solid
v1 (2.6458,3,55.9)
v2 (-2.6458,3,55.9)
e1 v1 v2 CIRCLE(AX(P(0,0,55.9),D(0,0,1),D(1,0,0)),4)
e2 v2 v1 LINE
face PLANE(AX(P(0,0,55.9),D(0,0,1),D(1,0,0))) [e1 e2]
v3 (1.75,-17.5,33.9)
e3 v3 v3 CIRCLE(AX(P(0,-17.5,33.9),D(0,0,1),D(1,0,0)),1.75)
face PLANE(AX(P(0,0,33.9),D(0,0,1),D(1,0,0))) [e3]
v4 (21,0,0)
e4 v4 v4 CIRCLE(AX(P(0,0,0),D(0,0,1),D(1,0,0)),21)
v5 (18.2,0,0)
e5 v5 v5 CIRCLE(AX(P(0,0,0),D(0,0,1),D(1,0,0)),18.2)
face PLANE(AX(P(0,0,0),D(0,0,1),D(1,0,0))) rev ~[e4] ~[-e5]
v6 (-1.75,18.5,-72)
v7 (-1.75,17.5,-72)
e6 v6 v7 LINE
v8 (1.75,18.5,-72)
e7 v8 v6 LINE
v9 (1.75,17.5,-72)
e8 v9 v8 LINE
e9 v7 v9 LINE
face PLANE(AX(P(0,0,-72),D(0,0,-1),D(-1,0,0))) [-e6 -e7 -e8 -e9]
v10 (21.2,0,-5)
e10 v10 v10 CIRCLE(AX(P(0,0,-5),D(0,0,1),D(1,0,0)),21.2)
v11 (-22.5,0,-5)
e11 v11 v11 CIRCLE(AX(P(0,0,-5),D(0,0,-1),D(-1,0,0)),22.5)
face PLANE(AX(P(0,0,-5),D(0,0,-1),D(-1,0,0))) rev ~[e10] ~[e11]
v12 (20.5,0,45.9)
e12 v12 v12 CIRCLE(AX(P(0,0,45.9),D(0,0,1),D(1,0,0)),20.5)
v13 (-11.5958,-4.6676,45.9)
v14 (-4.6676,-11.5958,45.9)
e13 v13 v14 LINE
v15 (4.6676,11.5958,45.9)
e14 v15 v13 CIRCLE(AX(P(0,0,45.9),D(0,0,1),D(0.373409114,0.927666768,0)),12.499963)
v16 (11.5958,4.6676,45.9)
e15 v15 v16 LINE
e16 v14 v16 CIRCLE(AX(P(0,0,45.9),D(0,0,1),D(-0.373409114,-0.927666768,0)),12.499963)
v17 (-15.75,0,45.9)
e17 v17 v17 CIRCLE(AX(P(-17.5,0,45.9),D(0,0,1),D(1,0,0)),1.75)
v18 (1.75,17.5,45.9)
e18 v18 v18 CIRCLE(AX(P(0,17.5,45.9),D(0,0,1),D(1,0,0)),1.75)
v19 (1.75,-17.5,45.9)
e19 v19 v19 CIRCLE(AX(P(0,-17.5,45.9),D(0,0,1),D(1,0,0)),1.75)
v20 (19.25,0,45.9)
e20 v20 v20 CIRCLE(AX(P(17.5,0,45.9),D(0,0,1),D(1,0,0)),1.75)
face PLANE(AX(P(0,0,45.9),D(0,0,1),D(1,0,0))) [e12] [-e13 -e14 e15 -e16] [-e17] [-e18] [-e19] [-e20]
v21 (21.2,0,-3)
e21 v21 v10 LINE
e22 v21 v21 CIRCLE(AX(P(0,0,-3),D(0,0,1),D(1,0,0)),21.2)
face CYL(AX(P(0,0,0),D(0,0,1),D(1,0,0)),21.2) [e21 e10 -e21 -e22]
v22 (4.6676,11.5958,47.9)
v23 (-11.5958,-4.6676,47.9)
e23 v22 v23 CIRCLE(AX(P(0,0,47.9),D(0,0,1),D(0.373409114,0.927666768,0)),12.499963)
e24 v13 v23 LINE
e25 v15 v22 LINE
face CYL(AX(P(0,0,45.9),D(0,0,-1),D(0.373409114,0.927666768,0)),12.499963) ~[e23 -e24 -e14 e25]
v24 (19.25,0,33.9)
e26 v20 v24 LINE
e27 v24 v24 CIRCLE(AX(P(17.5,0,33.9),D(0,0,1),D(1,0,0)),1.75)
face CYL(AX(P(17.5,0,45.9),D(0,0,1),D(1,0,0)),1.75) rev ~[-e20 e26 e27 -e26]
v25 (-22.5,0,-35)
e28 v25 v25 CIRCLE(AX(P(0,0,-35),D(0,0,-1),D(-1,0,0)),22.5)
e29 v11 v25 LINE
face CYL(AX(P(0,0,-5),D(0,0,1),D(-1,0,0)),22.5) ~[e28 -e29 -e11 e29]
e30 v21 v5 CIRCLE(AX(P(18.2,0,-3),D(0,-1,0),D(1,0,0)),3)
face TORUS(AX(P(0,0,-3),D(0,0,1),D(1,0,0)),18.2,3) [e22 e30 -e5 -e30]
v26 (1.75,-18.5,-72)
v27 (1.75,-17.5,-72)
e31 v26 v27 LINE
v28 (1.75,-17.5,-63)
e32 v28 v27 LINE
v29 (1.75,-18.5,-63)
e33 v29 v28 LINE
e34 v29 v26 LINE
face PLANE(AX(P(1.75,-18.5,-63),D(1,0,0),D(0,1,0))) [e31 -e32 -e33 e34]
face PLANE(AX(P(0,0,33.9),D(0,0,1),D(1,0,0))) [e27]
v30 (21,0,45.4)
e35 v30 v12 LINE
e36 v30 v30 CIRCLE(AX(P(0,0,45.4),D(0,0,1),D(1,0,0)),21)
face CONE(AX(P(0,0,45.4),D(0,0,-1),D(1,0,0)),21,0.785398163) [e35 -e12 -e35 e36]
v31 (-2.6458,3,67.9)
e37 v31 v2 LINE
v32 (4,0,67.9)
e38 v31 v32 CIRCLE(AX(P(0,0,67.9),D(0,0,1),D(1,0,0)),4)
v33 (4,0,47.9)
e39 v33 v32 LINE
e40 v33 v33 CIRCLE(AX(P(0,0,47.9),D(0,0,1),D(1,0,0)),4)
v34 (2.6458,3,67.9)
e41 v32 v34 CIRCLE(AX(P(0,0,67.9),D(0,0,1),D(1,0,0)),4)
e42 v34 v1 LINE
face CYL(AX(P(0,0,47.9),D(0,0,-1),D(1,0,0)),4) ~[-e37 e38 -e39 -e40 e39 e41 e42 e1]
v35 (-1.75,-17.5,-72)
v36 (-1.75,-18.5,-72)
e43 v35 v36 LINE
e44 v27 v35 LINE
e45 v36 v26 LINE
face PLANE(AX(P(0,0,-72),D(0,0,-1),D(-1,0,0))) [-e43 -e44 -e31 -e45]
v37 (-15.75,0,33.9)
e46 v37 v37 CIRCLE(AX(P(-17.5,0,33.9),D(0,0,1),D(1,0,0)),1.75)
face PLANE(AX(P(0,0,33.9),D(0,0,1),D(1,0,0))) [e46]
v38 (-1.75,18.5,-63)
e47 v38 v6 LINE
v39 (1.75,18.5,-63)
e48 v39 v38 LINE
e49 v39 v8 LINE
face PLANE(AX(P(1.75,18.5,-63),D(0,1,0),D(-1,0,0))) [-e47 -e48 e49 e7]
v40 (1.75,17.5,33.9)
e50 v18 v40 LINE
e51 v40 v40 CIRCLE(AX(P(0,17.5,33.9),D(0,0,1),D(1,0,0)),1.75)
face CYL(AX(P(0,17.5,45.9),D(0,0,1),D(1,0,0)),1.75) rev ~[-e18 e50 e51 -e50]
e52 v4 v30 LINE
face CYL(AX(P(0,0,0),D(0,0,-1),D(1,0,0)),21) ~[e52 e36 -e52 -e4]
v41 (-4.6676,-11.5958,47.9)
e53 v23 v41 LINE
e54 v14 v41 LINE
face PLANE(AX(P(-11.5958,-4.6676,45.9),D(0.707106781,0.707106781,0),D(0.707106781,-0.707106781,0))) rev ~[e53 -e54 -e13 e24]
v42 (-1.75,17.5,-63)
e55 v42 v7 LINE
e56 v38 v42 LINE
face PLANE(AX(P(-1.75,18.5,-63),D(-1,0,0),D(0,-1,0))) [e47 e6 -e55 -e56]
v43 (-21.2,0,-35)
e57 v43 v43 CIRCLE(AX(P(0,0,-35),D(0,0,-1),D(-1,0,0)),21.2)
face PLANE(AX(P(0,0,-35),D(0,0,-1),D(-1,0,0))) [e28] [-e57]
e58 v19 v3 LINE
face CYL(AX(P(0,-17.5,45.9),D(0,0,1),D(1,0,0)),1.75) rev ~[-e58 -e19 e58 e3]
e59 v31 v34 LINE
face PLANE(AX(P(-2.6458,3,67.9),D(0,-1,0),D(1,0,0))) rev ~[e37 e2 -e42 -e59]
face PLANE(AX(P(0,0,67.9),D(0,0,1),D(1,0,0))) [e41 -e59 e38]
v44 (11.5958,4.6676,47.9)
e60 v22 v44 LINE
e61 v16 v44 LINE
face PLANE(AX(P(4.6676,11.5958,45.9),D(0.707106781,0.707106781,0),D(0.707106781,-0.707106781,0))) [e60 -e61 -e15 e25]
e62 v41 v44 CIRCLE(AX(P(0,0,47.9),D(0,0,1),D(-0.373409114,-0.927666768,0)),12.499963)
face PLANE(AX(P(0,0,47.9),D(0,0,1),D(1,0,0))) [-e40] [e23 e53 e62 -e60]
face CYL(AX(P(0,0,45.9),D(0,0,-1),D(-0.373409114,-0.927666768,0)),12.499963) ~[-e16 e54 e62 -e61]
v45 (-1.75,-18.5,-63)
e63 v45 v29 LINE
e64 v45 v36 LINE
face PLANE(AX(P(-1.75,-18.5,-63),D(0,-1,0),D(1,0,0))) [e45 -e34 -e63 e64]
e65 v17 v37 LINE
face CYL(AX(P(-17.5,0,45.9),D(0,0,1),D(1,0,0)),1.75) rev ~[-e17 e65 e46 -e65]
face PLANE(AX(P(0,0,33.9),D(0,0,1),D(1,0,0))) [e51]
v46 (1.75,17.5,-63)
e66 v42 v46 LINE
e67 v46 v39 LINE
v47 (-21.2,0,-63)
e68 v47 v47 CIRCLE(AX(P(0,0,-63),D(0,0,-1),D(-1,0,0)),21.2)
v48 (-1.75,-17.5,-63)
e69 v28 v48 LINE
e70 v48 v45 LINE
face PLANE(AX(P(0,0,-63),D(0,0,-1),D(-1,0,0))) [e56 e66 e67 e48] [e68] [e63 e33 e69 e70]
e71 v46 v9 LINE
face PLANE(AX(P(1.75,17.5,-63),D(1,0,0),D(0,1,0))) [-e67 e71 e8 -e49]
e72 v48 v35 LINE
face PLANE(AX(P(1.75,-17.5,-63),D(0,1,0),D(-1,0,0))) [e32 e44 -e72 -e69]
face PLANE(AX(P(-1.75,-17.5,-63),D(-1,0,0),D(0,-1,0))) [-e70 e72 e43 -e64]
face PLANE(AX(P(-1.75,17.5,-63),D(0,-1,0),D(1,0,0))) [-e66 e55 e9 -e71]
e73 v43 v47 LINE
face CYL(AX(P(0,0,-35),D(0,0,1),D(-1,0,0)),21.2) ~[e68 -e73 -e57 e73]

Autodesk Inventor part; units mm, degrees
ref_plane "YZ Plane" through (0, 0, 0) normal (1, 0, 0) x (0, 1, 0)
ref_plane "XZ Plane" through (0, 0, 0) normal (0, 1, 0) x (-1, 0, 0)
ref_plane "XY Plane" through (0, 0, 0) normal (0, 0, 1) x (1, 0, 0)
sketch "スケッチ1" plane through (0, 0, 0) normal (0, 0, 1) x (1, 0, 0)
  circle A0 centre (0, 0) radius 21.2
  dimension "d0" = 42.4
extrude "押し出し1" add sketch "スケッチ1" against normal blind 5
sketch "スケッチ2" plane through (0, 0, -5) normal (0, 0, -1) x (-1, 0, 0)
  circle A0 centre (0, 0) radius 22.5
  dimension "d3" = 45
extrude "押し出し2" add sketch "スケッチ2" along normal blind 30
sketch "スケッチ3" plane through (0, 0, -35) normal (0, 0, -1) x (-1, 0, 0)
  circle A0 centre (0, 0) radius 21.2
  dimension "d6" = 42.4
extrude "押し出し3" add sketch "スケッチ3" along normal blind 28
fillet "フィレット1" radius 3 1 edges at (-21.2, 0, 0)
sketch "スケッチ4" plane through (0, 0, -63) normal (0, 0, -1) x (-1, 0, 0)
  line L0 (-1.75, 18.5) -> (1.75, 18.5)
  line L1 (1.75, 18.5) -> (1.75, 17.5)
  line L2 (1.75, 17.5) -> (-1.75, 17.5)
  line L3 (-1.75, 17.5) -> (-1.75, 18.5)
  line L4 (-1.75, -17.5) -> (1.75, -17.5)
  line L5 (1.75, -17.5) -> (1.75, -18.5)
  line L6 (1.75, -18.5) -> (-1.75, -18.5)
  line L7 (-1.75, -18.5) -> (-1.75, -17.5)
  point P0 (0, 0)
  dimension "d10" = 3.5
  dimension "d11" = 1
  dimension "d12" = 3.5
  dimension "d13" = 1
  dimension "d14" = 17.5
  dimension "d15" = 17.5
  dimension "d16" = 1.75
extrude "押し出し4" add sketch "スケッチ4" along normal blind 9
sketch "スケッチ5" plane through (0, 0, 0) normal (0, 0, 1) x (1, 0, 0)
  circle A0 centre (0, 0) radius 21
  dimension "d19" = 42
extrude "押し出し5" add sketch "スケッチ5" along normal blind 45.9
chamfer "面取り1" distance 0.5 angle 45 1 edges at (-21, 0, 45.9)
sketch "スケッチ6" plane through (0, 0, 45.9) normal (0, 0, 1) x (1, 0, 0)
  arc A0 (4.6676, 11.5958) -> (-11.5958, -4.6676) centre (0, 0) ccw
  line L0 (4.6676, 11.5958) -> (11.5958, 4.6676)
  line L1 (-11.5958, -4.6676) -> (-4.6676, -11.5958)
  line L2 (11.5958, 4.6676) -> (9.2337, 4.6676) construction
  arc A1 (11.5958, 4.6676) -> (4.6676, 11.5958) centre (0, 0) ccw construction
  arc A2 (-11.5958, -4.6676) -> (-4.6676, -11.5958) centre (0, 0) ccw construction
  arc A3 (-4.6676, -11.5958) -> (11.5958, 4.6676) centre (0, 0) ccw
  dimension "d25" = 25
  dimension "d26" = 11.5
  dimension "d27" = 23
  dimension "d28" = 45
extrude "押し出し6" add sketch "スケッチ6" along normal blind 2
sketch "スケッチ7" plane through (0, 0, 47.9) normal (0, 0, 1) x (1, 0, 0)
  circle A0 centre (0, 0) radius 4
  dimension "d31" = 8
extrude "押し出し7" add sketch "スケッチ7" along normal blind 20
sketch "スケッチ8" plane through (0, 0, 67.9) normal (0, 0, 1) x (1, 0, 0)
  circle A0 centre (0, 0) radius 4 projected
  arc A1 (-2.6458, 3) -> (2.6458, 3) centre (0, 0) ccw
  line L0 (-2.6458, 3) -> (2.6458, 3)
  point P0 (2.6458, 3)
  dimension "d34" = 3
extrude "押し出し8" cut sketch "スケッチ8" against normal blind 12 contours L0 A0 picked at (-0.6179, 3.1815)
sketch "スケッチ9" plane through (0, 0, 45.9) normal (0, 0, 1) x (1, 0, 0)
  circle A0 centre (0, 17.5) radius 1.75
  circle A1 centre (-17.5, 0) radius 1.75
  circle A2 centre (0, -17.5) radius 1.75
  circle A3 centre (17.5, 0) radius 1.75
  point P0 (0, 0)
  dimension "d37" = 3.5
  dimension "d38" = 17.5
  dimension "d41" = 360
extrude "押し出し9" cut sketch "スケッチ9" against normal blind 12
properties part number "RS-775GM104 v1"
